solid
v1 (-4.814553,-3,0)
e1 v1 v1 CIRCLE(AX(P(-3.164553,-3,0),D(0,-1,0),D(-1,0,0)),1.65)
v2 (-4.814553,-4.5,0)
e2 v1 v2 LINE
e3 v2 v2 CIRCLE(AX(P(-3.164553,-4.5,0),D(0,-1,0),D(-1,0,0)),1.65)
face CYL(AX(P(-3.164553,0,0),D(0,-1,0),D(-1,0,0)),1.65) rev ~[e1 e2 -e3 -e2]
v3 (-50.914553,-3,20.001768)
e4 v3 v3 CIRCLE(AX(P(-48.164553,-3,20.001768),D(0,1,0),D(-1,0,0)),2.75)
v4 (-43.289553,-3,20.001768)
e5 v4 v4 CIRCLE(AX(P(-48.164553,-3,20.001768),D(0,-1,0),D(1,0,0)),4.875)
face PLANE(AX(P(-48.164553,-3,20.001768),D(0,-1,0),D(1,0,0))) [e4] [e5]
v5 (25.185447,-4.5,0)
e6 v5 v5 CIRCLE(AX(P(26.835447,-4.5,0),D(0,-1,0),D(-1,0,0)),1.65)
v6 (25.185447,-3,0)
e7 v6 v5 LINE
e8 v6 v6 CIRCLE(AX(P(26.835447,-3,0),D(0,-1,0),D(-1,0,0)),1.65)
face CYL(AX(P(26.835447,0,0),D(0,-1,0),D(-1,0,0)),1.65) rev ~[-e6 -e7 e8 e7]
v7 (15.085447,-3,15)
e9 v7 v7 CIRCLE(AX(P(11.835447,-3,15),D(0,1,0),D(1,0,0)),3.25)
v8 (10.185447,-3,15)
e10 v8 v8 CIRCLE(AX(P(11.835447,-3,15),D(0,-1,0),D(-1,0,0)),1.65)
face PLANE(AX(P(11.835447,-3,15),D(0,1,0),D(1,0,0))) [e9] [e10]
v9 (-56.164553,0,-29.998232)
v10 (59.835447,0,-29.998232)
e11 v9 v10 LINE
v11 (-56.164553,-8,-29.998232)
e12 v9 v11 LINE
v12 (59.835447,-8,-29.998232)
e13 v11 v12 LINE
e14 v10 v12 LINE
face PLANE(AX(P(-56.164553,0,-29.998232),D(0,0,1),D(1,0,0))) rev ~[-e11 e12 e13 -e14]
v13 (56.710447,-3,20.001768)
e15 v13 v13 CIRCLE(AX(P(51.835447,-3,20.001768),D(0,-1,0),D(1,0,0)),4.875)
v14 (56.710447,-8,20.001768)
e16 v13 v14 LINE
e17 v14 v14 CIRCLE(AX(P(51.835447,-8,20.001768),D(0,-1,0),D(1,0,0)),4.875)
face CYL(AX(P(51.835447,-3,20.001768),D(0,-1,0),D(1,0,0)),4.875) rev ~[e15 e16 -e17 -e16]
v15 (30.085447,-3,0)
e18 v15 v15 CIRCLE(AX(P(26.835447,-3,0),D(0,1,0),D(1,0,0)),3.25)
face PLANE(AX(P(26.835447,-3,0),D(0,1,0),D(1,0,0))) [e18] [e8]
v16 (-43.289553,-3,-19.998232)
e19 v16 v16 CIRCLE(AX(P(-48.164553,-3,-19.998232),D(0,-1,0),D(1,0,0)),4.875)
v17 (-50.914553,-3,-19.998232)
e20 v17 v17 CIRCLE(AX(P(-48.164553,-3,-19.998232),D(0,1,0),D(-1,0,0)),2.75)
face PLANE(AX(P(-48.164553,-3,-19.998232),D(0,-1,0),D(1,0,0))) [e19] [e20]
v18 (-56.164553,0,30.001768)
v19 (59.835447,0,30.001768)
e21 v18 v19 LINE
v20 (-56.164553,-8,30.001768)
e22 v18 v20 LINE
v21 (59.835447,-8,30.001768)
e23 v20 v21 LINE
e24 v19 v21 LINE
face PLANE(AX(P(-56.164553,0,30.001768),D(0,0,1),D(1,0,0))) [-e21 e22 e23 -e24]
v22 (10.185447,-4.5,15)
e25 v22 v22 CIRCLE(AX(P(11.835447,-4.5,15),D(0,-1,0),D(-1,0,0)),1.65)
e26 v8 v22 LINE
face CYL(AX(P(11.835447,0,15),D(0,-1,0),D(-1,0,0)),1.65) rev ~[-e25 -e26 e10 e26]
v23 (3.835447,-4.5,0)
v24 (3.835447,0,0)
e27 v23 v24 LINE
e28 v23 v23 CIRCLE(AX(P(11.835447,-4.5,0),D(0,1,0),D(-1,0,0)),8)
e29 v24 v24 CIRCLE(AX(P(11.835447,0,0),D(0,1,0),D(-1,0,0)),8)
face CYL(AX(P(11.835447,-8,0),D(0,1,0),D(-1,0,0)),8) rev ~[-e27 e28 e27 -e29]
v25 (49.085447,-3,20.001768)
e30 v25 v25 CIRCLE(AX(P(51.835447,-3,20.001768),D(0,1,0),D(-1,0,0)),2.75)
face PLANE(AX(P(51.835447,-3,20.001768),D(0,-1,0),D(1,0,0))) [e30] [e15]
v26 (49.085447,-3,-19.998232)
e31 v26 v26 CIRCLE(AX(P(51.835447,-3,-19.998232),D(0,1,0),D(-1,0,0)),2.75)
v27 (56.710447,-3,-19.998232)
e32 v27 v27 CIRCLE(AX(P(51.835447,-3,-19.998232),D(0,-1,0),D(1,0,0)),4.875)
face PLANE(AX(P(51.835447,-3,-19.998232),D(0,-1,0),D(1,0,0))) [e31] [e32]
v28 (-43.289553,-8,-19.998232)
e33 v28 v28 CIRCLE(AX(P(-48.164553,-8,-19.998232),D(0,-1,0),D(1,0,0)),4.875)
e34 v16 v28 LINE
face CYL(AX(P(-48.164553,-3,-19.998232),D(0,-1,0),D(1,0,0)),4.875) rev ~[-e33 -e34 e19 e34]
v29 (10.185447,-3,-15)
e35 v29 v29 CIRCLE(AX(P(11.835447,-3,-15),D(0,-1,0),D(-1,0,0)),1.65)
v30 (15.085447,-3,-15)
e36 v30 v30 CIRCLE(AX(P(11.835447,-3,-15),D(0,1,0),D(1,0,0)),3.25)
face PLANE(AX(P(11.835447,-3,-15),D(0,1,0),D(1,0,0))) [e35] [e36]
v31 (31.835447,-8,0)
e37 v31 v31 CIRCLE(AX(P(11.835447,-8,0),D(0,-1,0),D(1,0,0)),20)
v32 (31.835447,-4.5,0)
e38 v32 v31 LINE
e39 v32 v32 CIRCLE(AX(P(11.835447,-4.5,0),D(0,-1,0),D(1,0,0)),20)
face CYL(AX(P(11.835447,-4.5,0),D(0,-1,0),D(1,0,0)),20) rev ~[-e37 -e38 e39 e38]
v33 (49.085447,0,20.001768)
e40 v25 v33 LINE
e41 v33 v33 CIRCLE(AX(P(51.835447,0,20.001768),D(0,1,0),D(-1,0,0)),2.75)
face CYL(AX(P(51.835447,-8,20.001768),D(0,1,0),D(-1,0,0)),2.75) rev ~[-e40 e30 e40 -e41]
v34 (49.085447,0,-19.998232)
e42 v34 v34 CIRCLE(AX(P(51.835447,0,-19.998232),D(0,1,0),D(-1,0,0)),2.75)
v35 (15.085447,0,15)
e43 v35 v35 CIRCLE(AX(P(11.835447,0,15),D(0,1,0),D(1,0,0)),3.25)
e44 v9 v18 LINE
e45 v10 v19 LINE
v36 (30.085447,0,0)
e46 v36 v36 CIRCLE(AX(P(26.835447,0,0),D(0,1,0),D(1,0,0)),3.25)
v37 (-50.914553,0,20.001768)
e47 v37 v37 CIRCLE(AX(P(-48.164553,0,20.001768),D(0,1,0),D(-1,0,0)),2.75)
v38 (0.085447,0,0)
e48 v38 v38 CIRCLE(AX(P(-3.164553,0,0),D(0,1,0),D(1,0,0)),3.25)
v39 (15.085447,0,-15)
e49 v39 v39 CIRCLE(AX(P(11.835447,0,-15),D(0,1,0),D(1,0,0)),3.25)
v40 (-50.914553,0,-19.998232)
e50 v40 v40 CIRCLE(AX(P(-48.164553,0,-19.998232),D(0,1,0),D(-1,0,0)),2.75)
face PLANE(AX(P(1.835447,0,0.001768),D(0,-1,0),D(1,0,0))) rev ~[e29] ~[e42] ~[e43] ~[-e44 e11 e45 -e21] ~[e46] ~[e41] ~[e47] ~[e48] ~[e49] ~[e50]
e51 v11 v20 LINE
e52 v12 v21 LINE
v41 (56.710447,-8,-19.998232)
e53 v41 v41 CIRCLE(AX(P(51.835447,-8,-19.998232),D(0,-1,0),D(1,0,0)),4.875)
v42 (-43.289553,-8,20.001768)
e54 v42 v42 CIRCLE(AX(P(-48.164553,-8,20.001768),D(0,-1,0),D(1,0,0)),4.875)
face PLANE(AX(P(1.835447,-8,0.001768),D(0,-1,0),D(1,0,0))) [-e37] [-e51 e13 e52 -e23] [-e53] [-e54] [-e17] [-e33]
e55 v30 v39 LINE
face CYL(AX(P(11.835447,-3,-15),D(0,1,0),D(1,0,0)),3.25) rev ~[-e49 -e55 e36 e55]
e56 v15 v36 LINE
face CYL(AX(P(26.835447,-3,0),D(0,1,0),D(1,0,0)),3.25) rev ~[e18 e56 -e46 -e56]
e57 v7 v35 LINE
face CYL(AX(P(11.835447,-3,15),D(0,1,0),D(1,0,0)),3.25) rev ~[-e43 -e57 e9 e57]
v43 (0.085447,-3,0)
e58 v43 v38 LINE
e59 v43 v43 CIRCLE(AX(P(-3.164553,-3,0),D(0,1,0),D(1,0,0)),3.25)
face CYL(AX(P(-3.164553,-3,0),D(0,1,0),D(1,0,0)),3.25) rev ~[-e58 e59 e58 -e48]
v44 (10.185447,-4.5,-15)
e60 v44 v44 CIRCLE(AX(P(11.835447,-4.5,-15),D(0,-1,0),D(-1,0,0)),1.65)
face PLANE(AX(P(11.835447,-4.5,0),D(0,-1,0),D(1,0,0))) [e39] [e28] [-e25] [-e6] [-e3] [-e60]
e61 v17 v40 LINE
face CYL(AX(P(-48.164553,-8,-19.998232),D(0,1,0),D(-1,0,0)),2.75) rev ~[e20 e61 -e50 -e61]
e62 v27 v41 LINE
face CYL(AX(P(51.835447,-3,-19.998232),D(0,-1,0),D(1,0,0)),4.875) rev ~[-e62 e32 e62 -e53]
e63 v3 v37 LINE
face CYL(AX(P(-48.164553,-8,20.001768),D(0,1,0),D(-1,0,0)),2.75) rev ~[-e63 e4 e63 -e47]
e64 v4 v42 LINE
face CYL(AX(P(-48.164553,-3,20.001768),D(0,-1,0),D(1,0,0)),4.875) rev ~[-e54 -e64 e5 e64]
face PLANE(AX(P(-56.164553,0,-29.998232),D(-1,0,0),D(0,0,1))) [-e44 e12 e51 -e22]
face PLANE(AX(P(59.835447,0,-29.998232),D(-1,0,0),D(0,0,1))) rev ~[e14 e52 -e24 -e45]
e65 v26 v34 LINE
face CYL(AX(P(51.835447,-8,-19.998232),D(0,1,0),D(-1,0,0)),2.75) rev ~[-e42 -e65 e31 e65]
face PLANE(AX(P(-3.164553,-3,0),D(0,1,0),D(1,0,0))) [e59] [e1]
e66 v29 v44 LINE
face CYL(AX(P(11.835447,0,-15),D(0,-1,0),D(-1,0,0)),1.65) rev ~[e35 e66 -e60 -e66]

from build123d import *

# Parameters (mm, degrees)
F0_W           = 116
F0_H           = 60
F1_DEPTH       = 8
F3_D           = 5.5
F3_DEPTH       = 13.8
F3_CBORE_D     = 9.75
F3_CBORE_DEPTH = 5
F3_TIP         = 1.6523667023
F4_D           = 16
F4_DEPTH       = 13.8
F4_CBORE_D     = 40
F4_CBORE_DEPTH = 3.5
F4_TIP         = 4.8068849522
F5_D           = 3.3
F5_DEPTH       = 13.8
F5_CBORE_D     = 6.5
F5_CBORE_DEPTH = 3
F5_TIP         = 0.9914200214


with BuildPart() as f1:
    # F0 (on Front) → F1 (new body)
    with BuildSketch(Plane.XZ):
        with Locations((1.8354473706, 0.0017675648)):
            Rectangle(F0_W, F0_H)
    extrude(amount=F1_DEPTH)

    # F3
    with Locations(Plane.XZ.offset(8)):
        with Locations((-48.1645526294, 20.0017675648), (-48.1645526294, -19.9982324352), (51.8354473706, 20.0017675648), (51.8354473706, -19.9982324352)):
            CounterBoreHole(F3_D / 2, F3_CBORE_D / 2, F3_CBORE_DEPTH, depth=F3_DEPTH)
            with Locations((0, 0, -(F3_DEPTH + F3_TIP / 2))):  # 118° drill point
                Cone(0, F3_D / 2, F3_TIP, mode=Mode.SUBTRACT)

    # F4
    with Locations(Plane.XZ.offset(8)):
        with Locations((11.8354473706, 0)):
            CounterBoreHole(F4_D / 2, F4_CBORE_D / 2, F4_CBORE_DEPTH, depth=F4_DEPTH)
            with Locations((0, 0, -(F4_DEPTH + F4_TIP / 2))):  # 118° drill point
                Cone(0, F4_D / 2, F4_TIP, mode=Mode.SUBTRACT)

    # F5
    with Locations(Plane(origin=(0, 0, 0), x_dir=(1, 0, 0), z_dir=(0, 1, 0))):
        with Locations((11.8354473706, -15), (26.8354473706, 0), (11.8354473706, 15), (-3.1645526294, 0)):
            CounterBoreHole(F5_D / 2, F5_CBORE_D / 2, F5_CBORE_DEPTH, depth=F5_DEPTH)
            with Locations((0, 0, -(F5_DEPTH + F5_TIP / 2))):  # 118° drill point
                Cone(0, F5_D / 2, F5_TIP, mode=Mode.SUBTRACT)


solid = f1.part
